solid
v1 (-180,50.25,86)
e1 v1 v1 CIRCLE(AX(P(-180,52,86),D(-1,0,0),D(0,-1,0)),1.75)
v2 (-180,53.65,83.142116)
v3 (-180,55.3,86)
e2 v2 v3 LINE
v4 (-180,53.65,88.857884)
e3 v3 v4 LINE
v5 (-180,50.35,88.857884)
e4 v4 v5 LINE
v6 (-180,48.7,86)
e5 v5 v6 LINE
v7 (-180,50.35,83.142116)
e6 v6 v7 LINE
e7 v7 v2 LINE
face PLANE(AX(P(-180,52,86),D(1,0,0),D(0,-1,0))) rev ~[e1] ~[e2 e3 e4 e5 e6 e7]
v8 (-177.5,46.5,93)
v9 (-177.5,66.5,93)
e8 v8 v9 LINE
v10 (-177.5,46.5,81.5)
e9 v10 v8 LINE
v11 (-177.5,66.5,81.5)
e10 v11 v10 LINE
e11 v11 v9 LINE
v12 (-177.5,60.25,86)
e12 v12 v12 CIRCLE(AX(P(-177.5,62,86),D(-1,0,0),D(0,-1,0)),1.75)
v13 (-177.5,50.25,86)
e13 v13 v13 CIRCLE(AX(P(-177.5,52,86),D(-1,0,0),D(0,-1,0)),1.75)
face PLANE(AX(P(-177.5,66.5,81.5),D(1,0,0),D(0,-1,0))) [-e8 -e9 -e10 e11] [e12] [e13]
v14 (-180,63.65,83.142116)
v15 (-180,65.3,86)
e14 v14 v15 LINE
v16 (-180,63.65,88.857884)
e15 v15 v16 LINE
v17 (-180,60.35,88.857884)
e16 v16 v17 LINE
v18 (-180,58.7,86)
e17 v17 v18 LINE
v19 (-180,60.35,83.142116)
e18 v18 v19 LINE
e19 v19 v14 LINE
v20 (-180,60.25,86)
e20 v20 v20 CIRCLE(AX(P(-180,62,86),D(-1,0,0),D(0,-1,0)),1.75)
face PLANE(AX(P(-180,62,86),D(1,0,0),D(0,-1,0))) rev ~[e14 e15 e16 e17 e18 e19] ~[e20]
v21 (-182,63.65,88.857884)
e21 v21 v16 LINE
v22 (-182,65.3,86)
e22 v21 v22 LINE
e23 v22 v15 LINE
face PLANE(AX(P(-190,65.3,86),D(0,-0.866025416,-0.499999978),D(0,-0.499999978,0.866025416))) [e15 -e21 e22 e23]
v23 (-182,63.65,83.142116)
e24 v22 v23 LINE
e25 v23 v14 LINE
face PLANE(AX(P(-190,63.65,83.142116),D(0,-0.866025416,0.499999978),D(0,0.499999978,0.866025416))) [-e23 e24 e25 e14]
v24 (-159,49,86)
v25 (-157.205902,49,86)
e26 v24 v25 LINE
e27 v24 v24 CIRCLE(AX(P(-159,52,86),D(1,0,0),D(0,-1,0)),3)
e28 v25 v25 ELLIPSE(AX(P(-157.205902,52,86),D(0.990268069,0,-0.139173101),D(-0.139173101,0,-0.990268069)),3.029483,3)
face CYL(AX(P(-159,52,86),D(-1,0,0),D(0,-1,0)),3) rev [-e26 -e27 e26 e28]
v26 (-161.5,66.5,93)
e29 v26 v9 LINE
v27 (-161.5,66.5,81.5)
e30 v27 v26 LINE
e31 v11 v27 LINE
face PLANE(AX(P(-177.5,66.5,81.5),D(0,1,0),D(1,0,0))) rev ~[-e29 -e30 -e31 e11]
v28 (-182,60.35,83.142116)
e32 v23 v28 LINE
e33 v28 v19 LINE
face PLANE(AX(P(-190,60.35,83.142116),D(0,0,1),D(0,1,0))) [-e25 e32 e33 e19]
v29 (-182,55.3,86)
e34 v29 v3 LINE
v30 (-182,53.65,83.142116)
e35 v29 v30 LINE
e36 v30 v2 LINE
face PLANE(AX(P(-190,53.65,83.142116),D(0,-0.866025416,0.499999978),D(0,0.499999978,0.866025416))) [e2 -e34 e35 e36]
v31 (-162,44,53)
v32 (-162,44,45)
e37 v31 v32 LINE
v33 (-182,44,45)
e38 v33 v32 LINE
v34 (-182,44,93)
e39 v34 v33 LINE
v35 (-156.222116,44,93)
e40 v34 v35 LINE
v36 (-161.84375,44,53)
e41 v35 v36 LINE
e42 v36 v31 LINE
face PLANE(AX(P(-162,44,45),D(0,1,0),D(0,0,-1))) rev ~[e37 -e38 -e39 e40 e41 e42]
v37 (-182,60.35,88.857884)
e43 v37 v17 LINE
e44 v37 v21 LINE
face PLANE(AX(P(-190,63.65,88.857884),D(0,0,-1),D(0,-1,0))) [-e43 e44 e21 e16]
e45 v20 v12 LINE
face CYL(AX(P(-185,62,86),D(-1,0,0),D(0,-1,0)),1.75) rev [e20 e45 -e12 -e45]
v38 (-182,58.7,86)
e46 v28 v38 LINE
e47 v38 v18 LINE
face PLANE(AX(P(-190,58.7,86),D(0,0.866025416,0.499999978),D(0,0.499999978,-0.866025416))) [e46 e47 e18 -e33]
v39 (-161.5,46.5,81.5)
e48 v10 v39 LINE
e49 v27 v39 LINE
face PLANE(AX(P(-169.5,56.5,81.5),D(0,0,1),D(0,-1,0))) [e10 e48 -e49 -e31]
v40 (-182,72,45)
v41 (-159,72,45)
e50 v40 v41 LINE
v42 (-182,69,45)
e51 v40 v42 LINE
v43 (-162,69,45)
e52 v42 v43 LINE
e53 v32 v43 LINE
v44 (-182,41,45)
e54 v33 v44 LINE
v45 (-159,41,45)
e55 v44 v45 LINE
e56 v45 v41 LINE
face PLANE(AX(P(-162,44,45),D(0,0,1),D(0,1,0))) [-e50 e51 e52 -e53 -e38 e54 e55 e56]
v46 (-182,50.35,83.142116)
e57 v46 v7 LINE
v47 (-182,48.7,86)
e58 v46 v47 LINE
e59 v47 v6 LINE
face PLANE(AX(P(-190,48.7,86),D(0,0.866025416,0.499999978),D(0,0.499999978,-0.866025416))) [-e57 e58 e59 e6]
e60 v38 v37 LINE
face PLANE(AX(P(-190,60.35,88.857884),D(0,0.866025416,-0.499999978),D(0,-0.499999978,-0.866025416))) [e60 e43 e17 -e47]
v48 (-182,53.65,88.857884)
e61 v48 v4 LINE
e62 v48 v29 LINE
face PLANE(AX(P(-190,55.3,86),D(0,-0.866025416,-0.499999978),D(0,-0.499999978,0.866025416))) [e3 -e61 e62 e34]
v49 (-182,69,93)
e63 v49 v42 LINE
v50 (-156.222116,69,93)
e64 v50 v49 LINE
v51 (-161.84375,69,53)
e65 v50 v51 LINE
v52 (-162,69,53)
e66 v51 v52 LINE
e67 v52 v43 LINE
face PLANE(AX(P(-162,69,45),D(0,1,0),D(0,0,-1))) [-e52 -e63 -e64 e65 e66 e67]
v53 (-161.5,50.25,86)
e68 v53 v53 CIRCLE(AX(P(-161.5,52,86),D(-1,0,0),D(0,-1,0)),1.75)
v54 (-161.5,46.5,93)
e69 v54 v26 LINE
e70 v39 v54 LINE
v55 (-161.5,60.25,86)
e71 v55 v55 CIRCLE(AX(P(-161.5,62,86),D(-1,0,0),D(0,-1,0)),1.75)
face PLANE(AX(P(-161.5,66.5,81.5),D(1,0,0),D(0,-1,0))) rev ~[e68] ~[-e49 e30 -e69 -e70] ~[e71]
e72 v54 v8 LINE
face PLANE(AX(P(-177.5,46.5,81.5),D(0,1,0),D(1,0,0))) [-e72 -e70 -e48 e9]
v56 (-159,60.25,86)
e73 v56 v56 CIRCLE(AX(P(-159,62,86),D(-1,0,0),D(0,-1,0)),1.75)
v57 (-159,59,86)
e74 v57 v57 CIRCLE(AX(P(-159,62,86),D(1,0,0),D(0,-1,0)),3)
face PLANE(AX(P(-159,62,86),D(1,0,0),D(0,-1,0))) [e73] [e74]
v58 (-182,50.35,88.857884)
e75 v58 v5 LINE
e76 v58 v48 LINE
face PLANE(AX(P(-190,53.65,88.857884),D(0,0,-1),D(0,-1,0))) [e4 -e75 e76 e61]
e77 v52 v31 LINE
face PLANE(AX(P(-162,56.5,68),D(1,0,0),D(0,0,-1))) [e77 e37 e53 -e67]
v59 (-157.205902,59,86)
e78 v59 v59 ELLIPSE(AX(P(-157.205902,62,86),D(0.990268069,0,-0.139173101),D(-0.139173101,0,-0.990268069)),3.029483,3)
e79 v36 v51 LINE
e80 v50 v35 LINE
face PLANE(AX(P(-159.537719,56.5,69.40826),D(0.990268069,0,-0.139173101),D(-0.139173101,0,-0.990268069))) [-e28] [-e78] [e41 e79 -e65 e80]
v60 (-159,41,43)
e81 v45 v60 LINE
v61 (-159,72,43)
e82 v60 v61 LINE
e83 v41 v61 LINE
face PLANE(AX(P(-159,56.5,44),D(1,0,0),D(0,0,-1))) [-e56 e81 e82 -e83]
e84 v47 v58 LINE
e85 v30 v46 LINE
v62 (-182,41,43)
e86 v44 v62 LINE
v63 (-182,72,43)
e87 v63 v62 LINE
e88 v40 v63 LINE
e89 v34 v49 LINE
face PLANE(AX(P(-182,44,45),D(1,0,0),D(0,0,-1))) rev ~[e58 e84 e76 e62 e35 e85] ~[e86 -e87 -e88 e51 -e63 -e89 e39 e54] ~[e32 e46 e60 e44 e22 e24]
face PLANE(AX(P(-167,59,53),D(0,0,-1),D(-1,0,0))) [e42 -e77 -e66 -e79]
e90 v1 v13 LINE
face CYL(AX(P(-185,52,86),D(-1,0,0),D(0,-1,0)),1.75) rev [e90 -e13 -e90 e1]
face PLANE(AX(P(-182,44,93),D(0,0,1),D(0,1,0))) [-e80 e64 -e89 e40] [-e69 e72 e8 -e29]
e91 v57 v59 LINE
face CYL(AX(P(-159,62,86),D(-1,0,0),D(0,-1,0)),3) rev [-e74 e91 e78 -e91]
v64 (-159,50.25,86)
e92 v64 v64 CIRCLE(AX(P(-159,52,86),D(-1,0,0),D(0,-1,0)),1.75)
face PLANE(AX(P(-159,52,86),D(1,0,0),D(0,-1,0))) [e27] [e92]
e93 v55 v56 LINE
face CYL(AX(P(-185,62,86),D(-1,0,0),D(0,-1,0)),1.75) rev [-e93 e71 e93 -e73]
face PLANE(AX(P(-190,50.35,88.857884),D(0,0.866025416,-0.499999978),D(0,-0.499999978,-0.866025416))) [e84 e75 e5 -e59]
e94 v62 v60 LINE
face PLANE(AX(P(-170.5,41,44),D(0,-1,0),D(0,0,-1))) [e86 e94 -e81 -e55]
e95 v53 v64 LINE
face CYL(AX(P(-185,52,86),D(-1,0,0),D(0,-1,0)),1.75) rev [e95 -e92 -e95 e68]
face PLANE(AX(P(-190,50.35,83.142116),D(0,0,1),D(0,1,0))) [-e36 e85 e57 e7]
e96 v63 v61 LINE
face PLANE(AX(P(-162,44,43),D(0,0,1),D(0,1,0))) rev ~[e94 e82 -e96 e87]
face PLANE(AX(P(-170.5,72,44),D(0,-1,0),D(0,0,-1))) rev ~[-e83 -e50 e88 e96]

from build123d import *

# Parameters (mm, degrees)
PRISM004_DEPTH            = 10
PRISM004_ROLL_ANGLE       = -90
CYLINDER103_R             = 3
CYLINDER103_DEPTH         = 32
CYLINDER103_ROLL_ANGLE    = -90
CYLINDER104_R             = 3
CYLINDER104_DEPTH         = 32
CYLINDER104_ROLL_ANGLE    = -90
BOX101_W                  = 20
BOX101_H                  = 16
BOX101_DEPTH              = 28
CYLINDER105_R             = 1.75
CYLINDER105_DEPTH         = 32
CYLINDER105_ROLL_ANGLE    = -90
CYLINDER106_R             = 1.75
CYLINDER106_DEPTH         = 32
CYLINDER106_ROLL_ANGLE    = -90
PRISM003_DEPTH            = 10
PRISM003_ROLL_ANGLE       = -90
FUSION073_ROLL_ANGLE      = 90
FUSION073_PLACEMENT_ANGLE = 180
BOX099_W                  = 2
BOX099_H                  = 23
BOX099_DEPTH              = 3
BOX094_W                  = 50
BOX094_H                  = 25
BOX094_DEPTH              = 20
BOX098_W                  = 2
BOX098_H                  = 25
BOX098_DEPTH              = 3
BOX097_W                  = 10
BOX097_H                  = 25
BOX097_DEPTH              = 10
BOX096_W                  = 30
BOX096_H                  = 30
BOX096_DEPTH              = 30
BOX096_PITCH_ANGLE        = 90
BOX095_W                  = 50
BOX095_H                  = 25
BOX095_DEPTH              = 6
BOX095_PITCH_ANGLE        = 8
FUSION071_PLACEMENT_ANGLE = -90
BOX100_W                  = 2
BOX100_H                  = 23
BOX100_DEPTH              = 3
CUT132_ROLL_ANGLE         = 90
CUT132_PLACEMENT_ANGLE    = 90


with BuildPart() as prisma004:
    # Prism004 → Prism004 (new body)
    with BuildSketch(Plane.XY):
        Polygon((3.3, 0), (1.65, 2.857884), (-1.65, 2.857884), (-3.3, 0), (-1.65, -2.857884), (1.65, -2.857884), align=None)
    extrude(amount=PRISM004_DEPTH)


with BuildPart() as prisma004_1:
    # Prism004 roll: moved
    add(prisma004.part.rotate(Axis((0, 0, 0), (1, 0, 0)), PRISM004_ROLL_ANGLE))


with BuildPart() as prisma004_2:
    # Prism004 placement: moved
    add(prisma004_1.part.moved(Location((8, 85, 84))))


with BuildPart() as cilindro030:
    # Cylinder103 → Cylinder103 (new body)
    with BuildSketch(Plane.XY):
        Circle(CYLINDER103_R)
    extrude(amount=CYLINDER103_DEPTH)


with BuildPart() as cilindro030_1:
    # Cylinder103 roll: moved
    add(cilindro030.part.rotate(Axis((0, 0, 0), (1, 0, 0)), CYLINDER103_ROLL_ANGLE))


with BuildPart() as cilindro030_2:
    # Cylinder103 placement: moved
    add(cilindro030_1.part.moved(Location((18, 116, 84))))


with BuildPart() as cilindro031:
    # Cylinder104 → Cylinder104 (new body)
    with BuildSketch(Plane.XY):
        Circle(CYLINDER104_R)
    extrude(amount=CYLINDER104_DEPTH)


with BuildPart() as cilindro031_1:
    # Cylinder104 roll: moved
    add(cilindro031.part.rotate(Axis((0, 0, 0), (1, 0, 0)), CYLINDER104_ROLL_ANGLE))


with BuildPart() as cilindro031_2:
    # Cylinder104 placement: moved
    add(cilindro031_1.part.moved(Location((8, 116, 84))))


with BuildPart() as cubo039:
    # Box101 → Box101 (new body)
    with BuildSketch(Plane(origin=(3.5, 97.5, 79.5), x_dir=(1, 0, 0), z_dir=(0, 0, 1))):
        with Locations((10, 8)):
            Rectangle(BOX101_W, BOX101_H)
    extrude(amount=BOX101_DEPTH)


with BuildPart() as cilindro032:
    # Cylinder105 → Cylinder105 (new body)
    with BuildSketch(Plane.XY):
        Circle(CYLINDER105_R)
    extrude(amount=CYLINDER105_DEPTH)


with BuildPart() as cilindro032_1:
    # Cylinder105 roll: moved
    add(cilindro032.part.rotate(Axis((0, 0, 0), (1, 0, 0)), CYLINDER105_ROLL_ANGLE))


with BuildPart() as cilindro032_2:
    # Cylinder105 placement: moved
    add(cilindro032_1.part.moved(Location((18, 90, 84))))


with BuildPart() as cilindro033:
    # Cylinder106 → Cylinder106 (new body)
    with BuildSketch(Plane.XY):
        Circle(CYLINDER106_R)
    extrude(amount=CYLINDER106_DEPTH)


with BuildPart() as cilindro033_1:
    # Cylinder106 roll: moved
    add(cilindro033.part.rotate(Axis((0, 0, 0), (1, 0, 0)), CYLINDER106_ROLL_ANGLE))


with BuildPart() as cilindro033_2:
    # Cylinder106 placement: moved
    add(cilindro033_1.part.moved(Location((8, 90, 84))))


with BuildPart() as arm_positive_cut001:
    # Prism003 → Prism003 (new body)
    with BuildSketch(Plane.XY):
        Polygon((3.3, 0), (1.65, 2.857884), (-1.65, 2.857884), (-3.3, 0), (-1.65, -2.857884), (1.65, -2.857884), align=None)
    extrude(amount=PRISM003_DEPTH)


with BuildPart() as arm_positive_cut001_1:
    # Prism003 roll: moved
    add(arm_positive_cut001.part.rotate(Axis((0, 0, 0), (1, 0, 0)), PRISM003_ROLL_ANGLE))


with BuildPart() as arm_positive_cut001_2:
    # Prism003 placement: moved
    add(arm_positive_cut001_1.part.moved(Location((18, 85, 84))))

    # Fusion073: union Prisma004, Cilindro030, Cilindro031, Cubo039, Cilindro032, Cilindro033
    add(prisma004_2.part)
    add(cilindro030_2.part)
    add(cilindro031_2.part)
    add(cubo039.part)
    add(cilindro032_2.part)
    add(cilindro033_2.part)


with BuildPart() as arm_positive_cut001_3:
    # Fusion073 roll: moved
    add(arm_positive_cut001_2.part.rotate(Axis((0, 0, 0), (1, 0, 0)), FUSION073_ROLL_ANGLE))


with BuildPart() as arm_positive_cut001_4:
    # Fusion073 placement: moved
    add(arm_positive_cut001_3.part.moved(Location((26, -91, -93))).rotate(Axis((26, -91, -93), (0, 0, 1)), FUSION073_PLACEMENT_ANGLE))


with BuildPart() as cubo038:
    # Box099 → Box099 (new body)
    with BuildSketch(Plane(origin=(0, -48, 0), x_dir=(0, -1, 0), z_dir=(-1, 0, 0))):
        with Locations((1, 11.5)):
            Rectangle(BOX099_W, BOX099_H)
    extrude(amount=BOX099_DEPTH)


with BuildPart() as cubo033:
    # Box094 → Box094 (new body)
    with BuildSketch(Plane.XY):
        with Locations((25, 12.5)):
            Rectangle(BOX094_W, BOX094_H)
    extrude(amount=BOX094_DEPTH)


with BuildPart() as cubo037:
    # Box098 → Box098 (new body)
    with BuildSketch(Plane(origin=(48, 0, 20), x_dir=(1, 0, 0), z_dir=(0, 0, 1))):
        with Locations((1, 12.5)):
            Rectangle(BOX098_W, BOX098_H)
    extrude(amount=BOX098_DEPTH)


with BuildPart() as cubo036:
    # Box097 → Box097 (new body)
    with BuildSketch(Plane(origin=(-10, 0, 16), x_dir=(1, 0, 0), z_dir=(0, 0, 1))):
        with Locations((5, 12.5)):
            Rectangle(BOX097_W, BOX097_H)
    extrude(amount=BOX097_DEPTH)


with BuildPart() as cubo035:
    # Box096 → Box096 (new body)
    with BuildSketch(Plane.XY):
        with Locations((15, 15)):
            Rectangle(BOX096_W, BOX096_H)
    extrude(amount=BOX096_DEPTH)


with BuildPart() as cubo035_1:
    # Box096 pitch: moved
    add(cubo035.part.rotate(Axis((0, 0, 0), (0, 1, 0)), BOX096_PITCH_ANGLE))


with BuildPart() as cubo035_2:
    # Box096 placement: moved
    add(cubo035_1.part.moved(Location((40, 0, 30))))


with BuildPart() as brazo:
    # Box095 → Box095 (new body)
    with BuildSketch(Plane.XY):
        with Locations((25, 12.5)):
            Rectangle(BOX095_W, BOX095_H)
    extrude(amount=BOX095_DEPTH)


with BuildPart() as brazo_1:
    # Box095 pitch: moved
    add(brazo.part.rotate(Axis((0, 0, 0), (0, 1, 0)), BOX095_PITCH_ANGLE))


with BuildPart() as brazo_2:
    # Box095 placement: moved
    add(brazo_1.part.moved(Location((-2, 0, 20))))

    # Cut130: cut Cubo035
    add(cubo035_2.part, mode=Mode.SUBTRACT)

    # Cut131: cut Cubo036
    add(cubo036.part, mode=Mode.SUBTRACT)

    # Fusion071: union Cubo033, Cubo037
    add(cubo033.part)
    add(cubo037.part)


with BuildPart() as brazo_3:
    # Fusion071 placement: moved
    add(brazo_2.part.rotate(Axis((0, 0, 0), (0, 0, 1)), FUSION071_PLACEMENT_ANGLE))


with BuildPart() as cut132:
    # Box100 → Box100 (new body)
    with BuildSketch(Plane(origin=(28, -48, 0), x_dir=(0, -1, 0), z_dir=(-1, 0, 0))):
        with Locations((1, 11.5)):
            Rectangle(BOX100_W, BOX100_H)
    extrude(amount=BOX100_DEPTH)

    # Fusion072: union Cubo038, brazo
    add(cubo038.part)
    add(brazo_3.part)

    # Cut132: cut arm-positive-cut001
    add(arm_positive_cut001_4.part, mode=Mode.SUBTRACT)


with BuildPart() as cut132_1:
    # Cut132 roll: moved
    add(cut132.part.rotate(Axis((0, 0, 0), (1, 0, 0)), CUT132_ROLL_ANGLE))


with BuildPart() as cut132_2:
    # Cut132 placement: moved
    add(cut132_1.part.moved(Location((-182, 44, 93))).rotate(Axis((-182, 44, 93), (0, 0, 1)), CUT132_PLACEMENT_ANGLE))


solid = cut132_2.part
